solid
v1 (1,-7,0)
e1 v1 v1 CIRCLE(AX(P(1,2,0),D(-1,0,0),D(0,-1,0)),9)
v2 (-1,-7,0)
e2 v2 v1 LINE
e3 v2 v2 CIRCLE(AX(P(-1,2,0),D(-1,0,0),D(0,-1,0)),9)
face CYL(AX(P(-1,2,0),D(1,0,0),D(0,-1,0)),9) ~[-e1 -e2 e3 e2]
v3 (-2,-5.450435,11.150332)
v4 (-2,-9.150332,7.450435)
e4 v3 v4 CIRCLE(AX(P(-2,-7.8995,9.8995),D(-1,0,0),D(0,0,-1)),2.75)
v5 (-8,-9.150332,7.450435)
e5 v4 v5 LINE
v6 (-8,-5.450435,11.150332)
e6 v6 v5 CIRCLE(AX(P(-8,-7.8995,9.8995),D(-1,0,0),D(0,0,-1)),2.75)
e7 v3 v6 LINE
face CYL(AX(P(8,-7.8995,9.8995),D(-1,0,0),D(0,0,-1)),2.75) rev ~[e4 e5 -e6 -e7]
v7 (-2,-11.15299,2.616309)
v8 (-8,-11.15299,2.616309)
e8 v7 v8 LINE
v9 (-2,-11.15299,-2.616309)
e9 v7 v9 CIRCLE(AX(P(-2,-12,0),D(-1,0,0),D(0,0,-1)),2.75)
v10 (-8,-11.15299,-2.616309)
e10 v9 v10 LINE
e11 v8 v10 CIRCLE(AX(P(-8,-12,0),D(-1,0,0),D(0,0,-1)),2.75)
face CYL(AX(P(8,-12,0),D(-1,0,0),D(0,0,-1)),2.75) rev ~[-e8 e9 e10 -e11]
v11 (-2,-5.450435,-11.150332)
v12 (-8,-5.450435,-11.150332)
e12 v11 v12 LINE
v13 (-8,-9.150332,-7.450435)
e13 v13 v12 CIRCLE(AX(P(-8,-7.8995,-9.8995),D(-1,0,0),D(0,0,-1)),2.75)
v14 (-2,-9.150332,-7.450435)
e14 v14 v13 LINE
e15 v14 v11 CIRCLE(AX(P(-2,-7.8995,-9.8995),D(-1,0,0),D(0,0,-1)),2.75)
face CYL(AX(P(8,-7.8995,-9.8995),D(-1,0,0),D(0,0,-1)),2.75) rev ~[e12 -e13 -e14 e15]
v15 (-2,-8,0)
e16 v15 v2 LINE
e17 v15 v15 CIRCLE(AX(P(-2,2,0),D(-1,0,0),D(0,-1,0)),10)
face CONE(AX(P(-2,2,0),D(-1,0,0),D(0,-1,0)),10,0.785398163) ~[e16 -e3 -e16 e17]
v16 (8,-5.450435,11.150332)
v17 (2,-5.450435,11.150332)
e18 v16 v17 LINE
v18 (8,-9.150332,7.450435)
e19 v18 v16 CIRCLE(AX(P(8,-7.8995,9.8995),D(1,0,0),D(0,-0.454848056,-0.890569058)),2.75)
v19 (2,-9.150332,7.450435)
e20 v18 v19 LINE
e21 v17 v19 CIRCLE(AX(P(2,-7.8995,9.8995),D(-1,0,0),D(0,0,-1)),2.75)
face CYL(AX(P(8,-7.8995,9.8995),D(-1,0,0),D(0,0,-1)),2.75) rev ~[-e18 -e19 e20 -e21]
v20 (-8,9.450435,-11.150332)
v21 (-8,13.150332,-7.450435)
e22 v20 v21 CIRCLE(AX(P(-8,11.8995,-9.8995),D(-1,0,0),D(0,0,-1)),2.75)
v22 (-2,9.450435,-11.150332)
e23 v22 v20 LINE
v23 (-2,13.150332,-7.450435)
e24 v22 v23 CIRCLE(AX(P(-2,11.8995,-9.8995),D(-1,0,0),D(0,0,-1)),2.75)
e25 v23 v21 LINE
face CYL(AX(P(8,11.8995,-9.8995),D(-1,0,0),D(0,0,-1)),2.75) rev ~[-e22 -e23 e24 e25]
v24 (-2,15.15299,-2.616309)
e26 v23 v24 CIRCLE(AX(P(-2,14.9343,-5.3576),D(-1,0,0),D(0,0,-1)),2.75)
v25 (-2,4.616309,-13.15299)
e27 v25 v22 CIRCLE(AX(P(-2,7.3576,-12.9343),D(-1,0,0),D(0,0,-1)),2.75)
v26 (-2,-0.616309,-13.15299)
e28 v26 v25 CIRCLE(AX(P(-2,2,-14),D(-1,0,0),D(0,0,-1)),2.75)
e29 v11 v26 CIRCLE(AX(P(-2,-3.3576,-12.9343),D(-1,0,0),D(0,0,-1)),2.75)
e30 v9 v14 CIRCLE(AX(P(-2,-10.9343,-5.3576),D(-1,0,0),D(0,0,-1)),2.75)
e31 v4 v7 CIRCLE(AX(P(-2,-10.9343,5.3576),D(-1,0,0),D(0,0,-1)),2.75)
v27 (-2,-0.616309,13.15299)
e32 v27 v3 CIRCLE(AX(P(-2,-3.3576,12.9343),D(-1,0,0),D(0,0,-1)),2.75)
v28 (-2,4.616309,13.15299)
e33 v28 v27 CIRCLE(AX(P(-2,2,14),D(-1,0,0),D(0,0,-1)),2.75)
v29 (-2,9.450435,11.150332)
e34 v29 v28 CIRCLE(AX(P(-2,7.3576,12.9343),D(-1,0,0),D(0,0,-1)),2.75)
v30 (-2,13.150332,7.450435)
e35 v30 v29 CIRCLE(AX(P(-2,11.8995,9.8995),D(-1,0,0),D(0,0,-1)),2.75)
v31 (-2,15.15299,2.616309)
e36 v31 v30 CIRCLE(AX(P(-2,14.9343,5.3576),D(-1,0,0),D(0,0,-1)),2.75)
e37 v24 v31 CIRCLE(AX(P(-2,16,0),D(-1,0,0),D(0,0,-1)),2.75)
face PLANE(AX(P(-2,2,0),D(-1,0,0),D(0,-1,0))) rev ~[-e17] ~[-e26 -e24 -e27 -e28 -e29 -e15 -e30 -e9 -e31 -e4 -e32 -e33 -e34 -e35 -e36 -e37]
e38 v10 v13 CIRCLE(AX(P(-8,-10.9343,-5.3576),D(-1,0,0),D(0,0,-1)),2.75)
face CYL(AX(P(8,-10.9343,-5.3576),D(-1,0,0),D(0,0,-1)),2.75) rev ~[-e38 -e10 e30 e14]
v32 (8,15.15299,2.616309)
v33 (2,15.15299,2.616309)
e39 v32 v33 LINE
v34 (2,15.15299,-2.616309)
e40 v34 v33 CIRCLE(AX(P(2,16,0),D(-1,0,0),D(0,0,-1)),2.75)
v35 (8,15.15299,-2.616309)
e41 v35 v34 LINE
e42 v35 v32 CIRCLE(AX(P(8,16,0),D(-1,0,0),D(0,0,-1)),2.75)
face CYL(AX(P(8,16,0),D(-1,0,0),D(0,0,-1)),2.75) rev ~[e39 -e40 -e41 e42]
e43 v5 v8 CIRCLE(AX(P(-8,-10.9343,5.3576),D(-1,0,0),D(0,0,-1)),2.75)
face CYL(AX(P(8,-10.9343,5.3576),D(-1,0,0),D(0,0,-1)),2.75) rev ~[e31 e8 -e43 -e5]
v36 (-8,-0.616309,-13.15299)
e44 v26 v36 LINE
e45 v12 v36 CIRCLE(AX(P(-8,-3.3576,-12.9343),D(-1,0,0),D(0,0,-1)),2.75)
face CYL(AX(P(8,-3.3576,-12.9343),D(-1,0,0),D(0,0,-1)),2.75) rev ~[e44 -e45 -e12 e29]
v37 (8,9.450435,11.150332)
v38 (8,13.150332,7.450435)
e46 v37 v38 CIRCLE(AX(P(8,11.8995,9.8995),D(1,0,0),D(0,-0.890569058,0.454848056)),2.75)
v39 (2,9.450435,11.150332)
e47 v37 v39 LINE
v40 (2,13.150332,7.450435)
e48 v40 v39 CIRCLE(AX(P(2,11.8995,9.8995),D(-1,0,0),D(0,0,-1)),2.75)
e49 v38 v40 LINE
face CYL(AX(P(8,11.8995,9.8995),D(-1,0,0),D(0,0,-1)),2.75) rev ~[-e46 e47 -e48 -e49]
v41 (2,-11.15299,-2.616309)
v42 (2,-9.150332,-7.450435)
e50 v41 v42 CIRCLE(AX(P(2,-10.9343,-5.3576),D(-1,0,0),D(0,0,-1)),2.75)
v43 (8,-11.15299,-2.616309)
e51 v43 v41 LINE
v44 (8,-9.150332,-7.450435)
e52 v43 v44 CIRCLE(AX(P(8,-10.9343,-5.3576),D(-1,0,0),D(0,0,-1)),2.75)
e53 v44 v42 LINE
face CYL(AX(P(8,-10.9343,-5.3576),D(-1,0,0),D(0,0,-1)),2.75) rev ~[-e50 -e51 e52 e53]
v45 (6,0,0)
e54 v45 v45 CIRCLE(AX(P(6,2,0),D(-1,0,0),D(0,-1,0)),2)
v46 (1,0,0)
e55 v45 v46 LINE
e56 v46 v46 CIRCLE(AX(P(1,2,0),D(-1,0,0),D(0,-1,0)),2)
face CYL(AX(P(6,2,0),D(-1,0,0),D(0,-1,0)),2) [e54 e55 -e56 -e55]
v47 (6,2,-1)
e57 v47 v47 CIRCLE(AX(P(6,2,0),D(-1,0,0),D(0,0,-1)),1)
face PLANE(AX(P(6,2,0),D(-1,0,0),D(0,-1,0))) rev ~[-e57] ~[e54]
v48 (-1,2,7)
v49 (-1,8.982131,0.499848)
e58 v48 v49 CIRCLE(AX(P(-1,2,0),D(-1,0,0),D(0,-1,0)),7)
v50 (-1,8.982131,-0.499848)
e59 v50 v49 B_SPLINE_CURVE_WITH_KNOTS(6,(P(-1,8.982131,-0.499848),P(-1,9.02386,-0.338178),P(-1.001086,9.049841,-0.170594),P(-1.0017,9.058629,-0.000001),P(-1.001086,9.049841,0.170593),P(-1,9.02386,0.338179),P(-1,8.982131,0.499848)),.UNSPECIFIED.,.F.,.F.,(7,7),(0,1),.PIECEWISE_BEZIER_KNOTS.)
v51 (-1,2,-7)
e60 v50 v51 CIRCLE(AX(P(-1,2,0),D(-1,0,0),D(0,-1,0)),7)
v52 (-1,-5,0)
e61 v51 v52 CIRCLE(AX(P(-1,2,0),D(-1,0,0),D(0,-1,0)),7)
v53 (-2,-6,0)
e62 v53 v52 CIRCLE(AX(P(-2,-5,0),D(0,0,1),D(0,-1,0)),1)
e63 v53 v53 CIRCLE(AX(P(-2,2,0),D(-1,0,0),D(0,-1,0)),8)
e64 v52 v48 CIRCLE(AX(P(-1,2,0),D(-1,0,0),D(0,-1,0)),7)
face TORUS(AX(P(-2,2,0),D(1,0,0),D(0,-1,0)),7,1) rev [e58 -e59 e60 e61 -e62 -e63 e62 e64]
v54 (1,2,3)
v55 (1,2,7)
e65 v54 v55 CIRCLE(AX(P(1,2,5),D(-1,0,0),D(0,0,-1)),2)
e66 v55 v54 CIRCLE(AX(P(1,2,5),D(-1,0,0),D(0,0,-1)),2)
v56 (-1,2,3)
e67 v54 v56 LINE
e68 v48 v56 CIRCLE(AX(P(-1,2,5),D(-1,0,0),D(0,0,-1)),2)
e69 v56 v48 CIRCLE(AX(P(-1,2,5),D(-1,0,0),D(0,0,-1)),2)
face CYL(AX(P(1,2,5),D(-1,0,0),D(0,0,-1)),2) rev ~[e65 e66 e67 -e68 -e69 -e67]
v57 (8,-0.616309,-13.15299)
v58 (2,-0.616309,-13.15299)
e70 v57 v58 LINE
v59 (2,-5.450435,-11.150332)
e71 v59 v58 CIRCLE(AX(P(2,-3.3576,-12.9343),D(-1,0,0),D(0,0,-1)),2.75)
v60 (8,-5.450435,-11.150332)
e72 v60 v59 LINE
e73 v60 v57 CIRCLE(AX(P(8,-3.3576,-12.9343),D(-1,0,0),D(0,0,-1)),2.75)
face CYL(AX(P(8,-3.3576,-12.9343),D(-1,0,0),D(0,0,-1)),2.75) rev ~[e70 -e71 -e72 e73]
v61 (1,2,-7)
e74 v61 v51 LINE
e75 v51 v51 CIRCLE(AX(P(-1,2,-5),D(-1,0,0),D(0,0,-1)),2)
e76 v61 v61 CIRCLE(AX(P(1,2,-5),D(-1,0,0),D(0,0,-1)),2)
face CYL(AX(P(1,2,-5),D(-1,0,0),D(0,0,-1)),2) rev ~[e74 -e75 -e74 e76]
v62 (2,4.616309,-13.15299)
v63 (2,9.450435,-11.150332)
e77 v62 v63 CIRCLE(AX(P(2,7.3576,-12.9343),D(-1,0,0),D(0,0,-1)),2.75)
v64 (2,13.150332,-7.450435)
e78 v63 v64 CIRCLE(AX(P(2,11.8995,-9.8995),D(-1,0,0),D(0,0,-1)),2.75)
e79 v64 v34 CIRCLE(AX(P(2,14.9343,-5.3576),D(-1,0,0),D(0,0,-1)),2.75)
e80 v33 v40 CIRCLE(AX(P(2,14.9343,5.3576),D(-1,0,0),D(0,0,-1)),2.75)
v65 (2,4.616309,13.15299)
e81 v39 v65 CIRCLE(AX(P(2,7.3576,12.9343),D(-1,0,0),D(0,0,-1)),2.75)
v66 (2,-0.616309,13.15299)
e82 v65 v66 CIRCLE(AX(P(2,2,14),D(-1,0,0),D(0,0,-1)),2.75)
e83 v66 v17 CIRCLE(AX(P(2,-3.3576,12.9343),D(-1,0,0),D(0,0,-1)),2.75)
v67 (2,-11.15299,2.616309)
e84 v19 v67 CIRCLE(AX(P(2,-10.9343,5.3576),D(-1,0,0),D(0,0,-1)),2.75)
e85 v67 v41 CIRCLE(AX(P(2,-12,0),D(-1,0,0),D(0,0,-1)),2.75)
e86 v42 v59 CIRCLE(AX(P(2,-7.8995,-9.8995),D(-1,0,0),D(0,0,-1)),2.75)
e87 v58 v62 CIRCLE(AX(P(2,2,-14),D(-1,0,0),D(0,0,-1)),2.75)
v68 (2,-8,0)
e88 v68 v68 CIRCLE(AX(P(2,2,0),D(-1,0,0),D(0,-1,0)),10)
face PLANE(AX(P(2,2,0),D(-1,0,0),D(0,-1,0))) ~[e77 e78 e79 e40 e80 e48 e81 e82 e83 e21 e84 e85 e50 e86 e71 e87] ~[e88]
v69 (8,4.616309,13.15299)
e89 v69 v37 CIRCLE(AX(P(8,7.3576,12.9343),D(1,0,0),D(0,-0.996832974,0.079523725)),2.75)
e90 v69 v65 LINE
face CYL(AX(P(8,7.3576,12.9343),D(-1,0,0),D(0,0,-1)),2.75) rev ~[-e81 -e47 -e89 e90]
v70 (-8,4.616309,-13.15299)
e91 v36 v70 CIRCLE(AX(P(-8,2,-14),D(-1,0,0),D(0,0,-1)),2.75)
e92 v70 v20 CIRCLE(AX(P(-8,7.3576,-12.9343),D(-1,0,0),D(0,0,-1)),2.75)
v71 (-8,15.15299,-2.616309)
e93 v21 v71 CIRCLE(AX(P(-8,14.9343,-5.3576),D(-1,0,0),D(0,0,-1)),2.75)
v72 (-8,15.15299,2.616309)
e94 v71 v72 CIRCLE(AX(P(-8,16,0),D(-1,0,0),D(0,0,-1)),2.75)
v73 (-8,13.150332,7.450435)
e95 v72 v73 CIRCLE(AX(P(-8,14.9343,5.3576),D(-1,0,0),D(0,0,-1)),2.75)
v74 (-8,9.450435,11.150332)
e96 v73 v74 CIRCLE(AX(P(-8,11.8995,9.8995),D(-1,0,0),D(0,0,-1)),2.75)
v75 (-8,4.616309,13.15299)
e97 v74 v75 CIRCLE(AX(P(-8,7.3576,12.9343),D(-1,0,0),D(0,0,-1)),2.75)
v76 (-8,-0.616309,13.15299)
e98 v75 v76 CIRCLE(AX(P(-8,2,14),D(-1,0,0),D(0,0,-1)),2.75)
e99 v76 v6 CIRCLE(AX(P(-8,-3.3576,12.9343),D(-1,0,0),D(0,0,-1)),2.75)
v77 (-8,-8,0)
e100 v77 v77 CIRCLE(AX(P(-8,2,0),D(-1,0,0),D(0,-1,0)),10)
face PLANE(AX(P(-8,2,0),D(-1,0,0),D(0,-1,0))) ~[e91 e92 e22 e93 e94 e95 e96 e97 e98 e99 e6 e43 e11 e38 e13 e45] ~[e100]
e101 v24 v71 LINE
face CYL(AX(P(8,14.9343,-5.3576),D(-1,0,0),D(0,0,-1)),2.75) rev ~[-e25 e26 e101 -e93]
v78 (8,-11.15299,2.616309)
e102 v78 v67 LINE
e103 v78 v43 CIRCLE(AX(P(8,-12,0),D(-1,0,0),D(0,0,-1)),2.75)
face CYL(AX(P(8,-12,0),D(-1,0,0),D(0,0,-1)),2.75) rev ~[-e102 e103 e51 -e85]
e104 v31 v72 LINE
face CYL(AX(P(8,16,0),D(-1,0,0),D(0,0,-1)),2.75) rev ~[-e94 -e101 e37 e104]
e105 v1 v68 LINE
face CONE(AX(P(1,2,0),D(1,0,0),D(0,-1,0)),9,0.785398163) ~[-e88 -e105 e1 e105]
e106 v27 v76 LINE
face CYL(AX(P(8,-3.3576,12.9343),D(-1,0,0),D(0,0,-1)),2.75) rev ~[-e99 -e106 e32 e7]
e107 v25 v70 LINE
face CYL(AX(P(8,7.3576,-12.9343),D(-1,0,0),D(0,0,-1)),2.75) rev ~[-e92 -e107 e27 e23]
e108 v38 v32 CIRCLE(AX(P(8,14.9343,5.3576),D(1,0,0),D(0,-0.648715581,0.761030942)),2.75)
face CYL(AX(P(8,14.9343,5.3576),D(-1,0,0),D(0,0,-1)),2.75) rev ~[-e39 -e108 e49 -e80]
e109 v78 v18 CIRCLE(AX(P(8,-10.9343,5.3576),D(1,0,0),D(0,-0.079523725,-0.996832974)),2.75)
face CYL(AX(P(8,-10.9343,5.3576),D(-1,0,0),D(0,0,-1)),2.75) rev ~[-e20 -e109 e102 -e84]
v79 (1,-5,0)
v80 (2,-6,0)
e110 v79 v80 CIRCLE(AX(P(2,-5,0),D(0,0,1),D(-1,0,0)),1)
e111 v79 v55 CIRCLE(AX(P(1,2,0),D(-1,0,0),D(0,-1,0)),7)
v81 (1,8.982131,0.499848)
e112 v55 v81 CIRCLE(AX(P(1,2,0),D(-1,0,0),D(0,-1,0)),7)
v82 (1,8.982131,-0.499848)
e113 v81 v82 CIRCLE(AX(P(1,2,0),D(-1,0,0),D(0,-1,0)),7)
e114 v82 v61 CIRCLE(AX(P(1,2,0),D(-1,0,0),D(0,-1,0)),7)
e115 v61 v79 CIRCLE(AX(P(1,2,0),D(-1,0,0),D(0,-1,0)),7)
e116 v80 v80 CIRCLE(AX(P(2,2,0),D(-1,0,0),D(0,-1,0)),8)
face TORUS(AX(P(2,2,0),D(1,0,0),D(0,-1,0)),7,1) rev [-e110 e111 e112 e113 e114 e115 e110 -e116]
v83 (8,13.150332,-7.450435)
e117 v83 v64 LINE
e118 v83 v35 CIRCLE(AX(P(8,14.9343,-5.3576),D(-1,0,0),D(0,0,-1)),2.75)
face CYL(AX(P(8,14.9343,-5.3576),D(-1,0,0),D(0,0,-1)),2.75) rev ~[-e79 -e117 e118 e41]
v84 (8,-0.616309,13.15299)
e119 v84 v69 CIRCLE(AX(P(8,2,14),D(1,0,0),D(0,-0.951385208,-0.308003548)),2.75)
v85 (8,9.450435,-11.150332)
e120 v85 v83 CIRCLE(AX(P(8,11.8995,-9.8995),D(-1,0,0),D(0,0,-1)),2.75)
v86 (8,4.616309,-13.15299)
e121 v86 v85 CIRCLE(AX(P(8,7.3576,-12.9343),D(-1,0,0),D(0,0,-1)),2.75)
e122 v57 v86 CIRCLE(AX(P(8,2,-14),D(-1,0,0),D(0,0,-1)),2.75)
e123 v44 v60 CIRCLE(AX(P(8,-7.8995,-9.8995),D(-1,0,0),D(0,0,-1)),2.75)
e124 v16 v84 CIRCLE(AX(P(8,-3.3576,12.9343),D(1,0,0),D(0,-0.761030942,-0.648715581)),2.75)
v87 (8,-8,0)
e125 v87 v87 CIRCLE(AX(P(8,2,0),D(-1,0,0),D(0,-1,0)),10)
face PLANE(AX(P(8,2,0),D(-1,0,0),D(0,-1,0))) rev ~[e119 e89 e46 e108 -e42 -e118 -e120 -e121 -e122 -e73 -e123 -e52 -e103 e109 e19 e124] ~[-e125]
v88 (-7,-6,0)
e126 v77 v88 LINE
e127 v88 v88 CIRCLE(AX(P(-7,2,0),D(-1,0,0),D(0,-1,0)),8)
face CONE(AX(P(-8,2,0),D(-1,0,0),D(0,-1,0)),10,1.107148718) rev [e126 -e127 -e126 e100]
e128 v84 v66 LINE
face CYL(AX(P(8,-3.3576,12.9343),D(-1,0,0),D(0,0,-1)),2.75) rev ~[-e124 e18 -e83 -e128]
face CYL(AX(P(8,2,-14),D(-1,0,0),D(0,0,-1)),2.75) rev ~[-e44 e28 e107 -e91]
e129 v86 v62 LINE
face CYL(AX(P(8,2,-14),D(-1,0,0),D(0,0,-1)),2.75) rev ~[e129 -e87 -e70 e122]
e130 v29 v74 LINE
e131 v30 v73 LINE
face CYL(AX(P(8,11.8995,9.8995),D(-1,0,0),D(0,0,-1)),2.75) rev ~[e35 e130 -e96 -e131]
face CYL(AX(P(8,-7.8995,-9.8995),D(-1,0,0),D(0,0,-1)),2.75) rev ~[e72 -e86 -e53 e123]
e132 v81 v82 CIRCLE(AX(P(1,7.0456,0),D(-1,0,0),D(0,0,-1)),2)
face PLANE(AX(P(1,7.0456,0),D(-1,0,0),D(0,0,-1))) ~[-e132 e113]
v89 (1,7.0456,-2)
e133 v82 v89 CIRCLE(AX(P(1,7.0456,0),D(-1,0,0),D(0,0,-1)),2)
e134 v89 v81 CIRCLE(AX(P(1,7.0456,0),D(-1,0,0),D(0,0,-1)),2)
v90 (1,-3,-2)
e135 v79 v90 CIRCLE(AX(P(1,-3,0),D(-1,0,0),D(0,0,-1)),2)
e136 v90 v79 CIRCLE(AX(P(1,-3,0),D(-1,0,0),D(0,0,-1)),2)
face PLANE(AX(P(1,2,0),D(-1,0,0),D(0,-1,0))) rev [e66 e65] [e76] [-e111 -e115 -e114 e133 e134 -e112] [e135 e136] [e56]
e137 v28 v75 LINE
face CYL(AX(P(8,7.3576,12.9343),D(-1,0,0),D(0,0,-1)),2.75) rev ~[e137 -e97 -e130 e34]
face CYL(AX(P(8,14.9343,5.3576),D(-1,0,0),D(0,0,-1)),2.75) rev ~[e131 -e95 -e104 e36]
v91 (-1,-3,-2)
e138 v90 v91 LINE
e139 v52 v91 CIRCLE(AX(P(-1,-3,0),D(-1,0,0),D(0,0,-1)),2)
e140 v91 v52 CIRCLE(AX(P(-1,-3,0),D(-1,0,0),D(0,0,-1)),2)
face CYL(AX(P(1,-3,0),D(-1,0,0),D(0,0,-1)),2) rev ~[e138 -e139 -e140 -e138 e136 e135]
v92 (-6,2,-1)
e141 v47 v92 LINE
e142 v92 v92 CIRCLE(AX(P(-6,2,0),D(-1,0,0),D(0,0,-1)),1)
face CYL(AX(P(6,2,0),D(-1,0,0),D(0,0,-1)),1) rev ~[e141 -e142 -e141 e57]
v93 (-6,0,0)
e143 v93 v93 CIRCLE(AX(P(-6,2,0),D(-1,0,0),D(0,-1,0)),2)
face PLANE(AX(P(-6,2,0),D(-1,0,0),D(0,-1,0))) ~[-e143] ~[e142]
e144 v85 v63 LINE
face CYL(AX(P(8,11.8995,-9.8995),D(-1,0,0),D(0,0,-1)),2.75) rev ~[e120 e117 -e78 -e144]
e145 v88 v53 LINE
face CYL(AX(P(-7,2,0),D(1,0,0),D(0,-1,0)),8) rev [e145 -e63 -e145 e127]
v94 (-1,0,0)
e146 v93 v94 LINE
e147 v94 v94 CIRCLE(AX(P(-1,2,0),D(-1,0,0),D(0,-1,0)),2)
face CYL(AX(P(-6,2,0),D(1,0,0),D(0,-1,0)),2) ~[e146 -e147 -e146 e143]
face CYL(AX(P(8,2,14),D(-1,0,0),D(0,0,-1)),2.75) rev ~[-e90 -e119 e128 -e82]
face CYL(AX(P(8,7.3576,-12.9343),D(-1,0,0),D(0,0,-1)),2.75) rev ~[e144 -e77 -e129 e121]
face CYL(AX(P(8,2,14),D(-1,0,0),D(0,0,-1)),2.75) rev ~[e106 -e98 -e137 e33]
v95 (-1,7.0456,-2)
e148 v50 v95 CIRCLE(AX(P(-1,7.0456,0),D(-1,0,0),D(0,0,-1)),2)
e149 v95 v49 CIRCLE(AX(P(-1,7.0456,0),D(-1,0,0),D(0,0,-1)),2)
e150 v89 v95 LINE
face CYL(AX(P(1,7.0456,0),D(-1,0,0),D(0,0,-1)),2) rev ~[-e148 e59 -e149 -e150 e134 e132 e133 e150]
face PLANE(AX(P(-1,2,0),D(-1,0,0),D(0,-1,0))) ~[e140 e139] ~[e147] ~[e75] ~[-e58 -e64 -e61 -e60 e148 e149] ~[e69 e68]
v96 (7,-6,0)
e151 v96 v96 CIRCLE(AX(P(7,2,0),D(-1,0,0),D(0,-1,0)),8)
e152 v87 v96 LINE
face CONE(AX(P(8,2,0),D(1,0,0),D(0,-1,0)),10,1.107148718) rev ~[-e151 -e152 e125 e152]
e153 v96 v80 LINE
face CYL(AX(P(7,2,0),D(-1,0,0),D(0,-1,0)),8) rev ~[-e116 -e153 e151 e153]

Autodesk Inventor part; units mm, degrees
ref_plane "YZ Plane" through (0, 0, 0) normal (1, 0, 0) x (0, 1, 0)
ref_plane "XZ Plane" through (0, 0, 0) normal (0, 1, 0) x (-1, 0, 0)
ref_plane "XY Plane" through (0, 0, 0) normal (0, 0, 1) x (1, 0, 0)
sketch "Sketch1" plane through (0, 0, 0) normal (0, 0, 1) x (1, 0, 0)
  line L0 (6, 0) -> (6, 2)
  line L1 (6, 0) -> (1, 0)
  line L2 (6, 2) -> (-6, 2)
  line L3 (-6, 2) -> (-6, 0)
  line L4 (-6, 0) -> (-1, 0)
  line L5 (-8, -8) -> (-7, -6)
  line L6 (8, -8) -> (7, -6)
  line L7 (-7, -6) -> (-2, -6)
  line L8 (-1, 0) -> (-1, -5)
  arc A0 (-2, -6) -> (-1, -5) centre (-2, -5) ccw
  line L9 (-2, -8) -> (-1, -7)
  line L10 (-1, -7) -> (1, -7)
  line L11 (1, -7) -> (2, -8)
  line L12 (1, 0) -> (1, -5)
  line L13 (7, -6) -> (2, -6)
  arc A1 (1, -5) -> (2, -6) centre (2, -5) ccw
  line L14 (2, -8) -> (2, -12)
  line L15 (2, -12) -> (8, -12)
  line L16 (8, -12) -> (8, -8)
  line L17 (-8, -8) -> (-8, -12)
  line L18 (-8, -12) -> (-2, -12)
  line L19 (-2, -12) -> (-2, -8)
  point P0 (0, 0)
  dimension "d0" = 6
  dimension "d1" = 2
  dimension "d3" = 5
  dimension "d6" = 12
  dimension "d7" = 2
  dimension "d8" = 5
  dimension "d26" = 5
  dimension "d27" = 5
  dimension "d29" = 5
  dimension "d49" = 2
  dimension "d50" = 1
  dimension "d51" = 4
  dimension "d52" = 4
  dimension "d53" = 6
revolve "Revolution1" add sketch "Sketch1" angle 360 about axis through (6, 2, 0) along (-1, 0, 0)
sketch "Sketch2" plane through (1, 2, 0) normal (1, 0, 0) x (0, 0, -1)
  circle A0 centre (0, 0) radius 8 projected
  line L0 (0, 8) -> (0, 5)
  line L1 (-8, 0) -> (-5, 0)
  line L2 (0, -8) -> (0, -5)
  line L3 (8, 0) -> (5, 0)
  point P0 (0, -2)
  dimension "d15" = 3
  dimension "d16" = 3
  dimension "d17" = 3
  dimension "d18" = 3
hole "Hole1" [suppressed]
sketch "Sketch3" plane through (1, 2, 0) normal (1, 0, 0) x (0, 0, -1)
  line L0 (0, 2.0456) -> (0, 5.0456)
  circle A0 centre (0, 0) radius 2 projected
  line L1 (-2, 0) -> (-5, 0)
  line L2 (0, -2) -> (0, -5)
  line L3 (2, 0) -> (5, 0)
  dimension "d31" = 3
  dimension "d32" = 3
  dimension "d33" = 3
  dimension "d34" = 3
hole "Hole2" at (1, 7.0456, 0) at (1, 2, -5) at (1, -3, 0) at (1, 2, 5) direction (-1, 0, 0) diameter 4 depth 8
sketch "Sketch5" plane through (6, 2, 0) normal (1, 0, 0) x (0, 0, -1)
  point P0 (0, 0)
  point P1 (0, 0)
hole "Hole3" at (6, 2, 0) direction (-1, 0, 0) diameter 2 depth 20
sketch "Sketch7" plane through (8, 2, 0) normal (1, 0, 0) x (0, 0, -1)
  line L0 (0, 0) -> (0, 14)
  line L1 (0, 0) -> (14, 0)
  line L2 (0, 0) -> (0, -14)
  line L3 (0, 0) -> (-14, 0)
  line L4 (0, 0) -> (9.8995, -9.8995)
  line L5 (0, 0) -> (14, 0) construction
  line L6 (0, 0) -> (-9.8995, -9.8995)
  line L7 (0, 0) -> (14, 0) construction
  line L8 (0, 0) -> (-9.8995, 9.8995)
  line L9 (0, 0) -> (14, 0) construction
  line L10 (0, 0) -> (9.8995, 9.8995)
  line L11 (0, 0) -> (12.9343, 5.3576)
  line L12 (0, 0) -> (14, 0) construction
  line L13 (0, 0) -> (12.9343, -5.3576)
  line L14 (0, 0) -> (5.3576, -12.9343)
  line L15 (0, 0) -> (-5.3576, -12.9343)
  line L16 (0, 0) -> (14, 0) construction
  line L17 (0, 0) -> (-12.9343, -5.3576)
  line L18 (0, 0) -> (14, 0) construction
  line L19 (0, 0) -> (-12.9343, 5.3576)
  line L20 (0, 0) -> (14, 0) construction
  line L21 (0, 0) -> (-5.3576, 12.9343)
  line L22 (0, 0) -> (14, 0) construction
  circle A0 centre (0, 0) radius 14 projected
  line L23 (0, 0) -> (5.3576, 12.9343)
  point P0 (0, -2)
  dimension "d54" = 14
  dimension "d55" = 14
  dimension "d56" = 14
  dimension "d57" = 14
  dimension "d58" = 14
  dimension "d59" = 45
  dimension "d60" = 14
  dimension "d61" = 135
  dimension "d62" = 14
  dimension "d63" = 135
  dimension "d64" = 14
  dimension "d65" = 14
  dimension "d66" = 22.5
  dimension "d67" = 14
  dimension "d68" = 14
  dimension "d69" = 14
  dimension "d70" = 112.5
  dimension "d71" = 14
  dimension "d72" = 157.5
  dimension "d73" = 14
  dimension "d74" = 157.5
  dimension "d75" = 14
  dimension "d76" = 112.5
sketch "Sketch8" plane through (8, 2, 0) normal (1, 0, 0) x (0, 0, -1)
  point P0 (0, -2)
hole "Hole4" at (8, 16, 0) at (8, 14.9343, -5.3576) at (8, 11.8995, -9.8995) at (8, 7.3576, -12.9343) at (8, 2, -14) at (8, -3.3576, -12.9343) at (8, -7.8995, -9.8995) at (8, -10.9343, -5.3576) at (8, -12, 0) at (8, -10.9343, 5.3576) at (8, -7.8995, 9.8995) at (8, -3.3576, 12.9343) at (8, 2, 14) at (8, 7.3576, 12.9343) at (8, 11.8995, 9.8995) at (8, 14.9343, 5.3576) direction (-1, 0, 0) diameter 5.5 depth 20
properties part number "Tank drive Wheel"
